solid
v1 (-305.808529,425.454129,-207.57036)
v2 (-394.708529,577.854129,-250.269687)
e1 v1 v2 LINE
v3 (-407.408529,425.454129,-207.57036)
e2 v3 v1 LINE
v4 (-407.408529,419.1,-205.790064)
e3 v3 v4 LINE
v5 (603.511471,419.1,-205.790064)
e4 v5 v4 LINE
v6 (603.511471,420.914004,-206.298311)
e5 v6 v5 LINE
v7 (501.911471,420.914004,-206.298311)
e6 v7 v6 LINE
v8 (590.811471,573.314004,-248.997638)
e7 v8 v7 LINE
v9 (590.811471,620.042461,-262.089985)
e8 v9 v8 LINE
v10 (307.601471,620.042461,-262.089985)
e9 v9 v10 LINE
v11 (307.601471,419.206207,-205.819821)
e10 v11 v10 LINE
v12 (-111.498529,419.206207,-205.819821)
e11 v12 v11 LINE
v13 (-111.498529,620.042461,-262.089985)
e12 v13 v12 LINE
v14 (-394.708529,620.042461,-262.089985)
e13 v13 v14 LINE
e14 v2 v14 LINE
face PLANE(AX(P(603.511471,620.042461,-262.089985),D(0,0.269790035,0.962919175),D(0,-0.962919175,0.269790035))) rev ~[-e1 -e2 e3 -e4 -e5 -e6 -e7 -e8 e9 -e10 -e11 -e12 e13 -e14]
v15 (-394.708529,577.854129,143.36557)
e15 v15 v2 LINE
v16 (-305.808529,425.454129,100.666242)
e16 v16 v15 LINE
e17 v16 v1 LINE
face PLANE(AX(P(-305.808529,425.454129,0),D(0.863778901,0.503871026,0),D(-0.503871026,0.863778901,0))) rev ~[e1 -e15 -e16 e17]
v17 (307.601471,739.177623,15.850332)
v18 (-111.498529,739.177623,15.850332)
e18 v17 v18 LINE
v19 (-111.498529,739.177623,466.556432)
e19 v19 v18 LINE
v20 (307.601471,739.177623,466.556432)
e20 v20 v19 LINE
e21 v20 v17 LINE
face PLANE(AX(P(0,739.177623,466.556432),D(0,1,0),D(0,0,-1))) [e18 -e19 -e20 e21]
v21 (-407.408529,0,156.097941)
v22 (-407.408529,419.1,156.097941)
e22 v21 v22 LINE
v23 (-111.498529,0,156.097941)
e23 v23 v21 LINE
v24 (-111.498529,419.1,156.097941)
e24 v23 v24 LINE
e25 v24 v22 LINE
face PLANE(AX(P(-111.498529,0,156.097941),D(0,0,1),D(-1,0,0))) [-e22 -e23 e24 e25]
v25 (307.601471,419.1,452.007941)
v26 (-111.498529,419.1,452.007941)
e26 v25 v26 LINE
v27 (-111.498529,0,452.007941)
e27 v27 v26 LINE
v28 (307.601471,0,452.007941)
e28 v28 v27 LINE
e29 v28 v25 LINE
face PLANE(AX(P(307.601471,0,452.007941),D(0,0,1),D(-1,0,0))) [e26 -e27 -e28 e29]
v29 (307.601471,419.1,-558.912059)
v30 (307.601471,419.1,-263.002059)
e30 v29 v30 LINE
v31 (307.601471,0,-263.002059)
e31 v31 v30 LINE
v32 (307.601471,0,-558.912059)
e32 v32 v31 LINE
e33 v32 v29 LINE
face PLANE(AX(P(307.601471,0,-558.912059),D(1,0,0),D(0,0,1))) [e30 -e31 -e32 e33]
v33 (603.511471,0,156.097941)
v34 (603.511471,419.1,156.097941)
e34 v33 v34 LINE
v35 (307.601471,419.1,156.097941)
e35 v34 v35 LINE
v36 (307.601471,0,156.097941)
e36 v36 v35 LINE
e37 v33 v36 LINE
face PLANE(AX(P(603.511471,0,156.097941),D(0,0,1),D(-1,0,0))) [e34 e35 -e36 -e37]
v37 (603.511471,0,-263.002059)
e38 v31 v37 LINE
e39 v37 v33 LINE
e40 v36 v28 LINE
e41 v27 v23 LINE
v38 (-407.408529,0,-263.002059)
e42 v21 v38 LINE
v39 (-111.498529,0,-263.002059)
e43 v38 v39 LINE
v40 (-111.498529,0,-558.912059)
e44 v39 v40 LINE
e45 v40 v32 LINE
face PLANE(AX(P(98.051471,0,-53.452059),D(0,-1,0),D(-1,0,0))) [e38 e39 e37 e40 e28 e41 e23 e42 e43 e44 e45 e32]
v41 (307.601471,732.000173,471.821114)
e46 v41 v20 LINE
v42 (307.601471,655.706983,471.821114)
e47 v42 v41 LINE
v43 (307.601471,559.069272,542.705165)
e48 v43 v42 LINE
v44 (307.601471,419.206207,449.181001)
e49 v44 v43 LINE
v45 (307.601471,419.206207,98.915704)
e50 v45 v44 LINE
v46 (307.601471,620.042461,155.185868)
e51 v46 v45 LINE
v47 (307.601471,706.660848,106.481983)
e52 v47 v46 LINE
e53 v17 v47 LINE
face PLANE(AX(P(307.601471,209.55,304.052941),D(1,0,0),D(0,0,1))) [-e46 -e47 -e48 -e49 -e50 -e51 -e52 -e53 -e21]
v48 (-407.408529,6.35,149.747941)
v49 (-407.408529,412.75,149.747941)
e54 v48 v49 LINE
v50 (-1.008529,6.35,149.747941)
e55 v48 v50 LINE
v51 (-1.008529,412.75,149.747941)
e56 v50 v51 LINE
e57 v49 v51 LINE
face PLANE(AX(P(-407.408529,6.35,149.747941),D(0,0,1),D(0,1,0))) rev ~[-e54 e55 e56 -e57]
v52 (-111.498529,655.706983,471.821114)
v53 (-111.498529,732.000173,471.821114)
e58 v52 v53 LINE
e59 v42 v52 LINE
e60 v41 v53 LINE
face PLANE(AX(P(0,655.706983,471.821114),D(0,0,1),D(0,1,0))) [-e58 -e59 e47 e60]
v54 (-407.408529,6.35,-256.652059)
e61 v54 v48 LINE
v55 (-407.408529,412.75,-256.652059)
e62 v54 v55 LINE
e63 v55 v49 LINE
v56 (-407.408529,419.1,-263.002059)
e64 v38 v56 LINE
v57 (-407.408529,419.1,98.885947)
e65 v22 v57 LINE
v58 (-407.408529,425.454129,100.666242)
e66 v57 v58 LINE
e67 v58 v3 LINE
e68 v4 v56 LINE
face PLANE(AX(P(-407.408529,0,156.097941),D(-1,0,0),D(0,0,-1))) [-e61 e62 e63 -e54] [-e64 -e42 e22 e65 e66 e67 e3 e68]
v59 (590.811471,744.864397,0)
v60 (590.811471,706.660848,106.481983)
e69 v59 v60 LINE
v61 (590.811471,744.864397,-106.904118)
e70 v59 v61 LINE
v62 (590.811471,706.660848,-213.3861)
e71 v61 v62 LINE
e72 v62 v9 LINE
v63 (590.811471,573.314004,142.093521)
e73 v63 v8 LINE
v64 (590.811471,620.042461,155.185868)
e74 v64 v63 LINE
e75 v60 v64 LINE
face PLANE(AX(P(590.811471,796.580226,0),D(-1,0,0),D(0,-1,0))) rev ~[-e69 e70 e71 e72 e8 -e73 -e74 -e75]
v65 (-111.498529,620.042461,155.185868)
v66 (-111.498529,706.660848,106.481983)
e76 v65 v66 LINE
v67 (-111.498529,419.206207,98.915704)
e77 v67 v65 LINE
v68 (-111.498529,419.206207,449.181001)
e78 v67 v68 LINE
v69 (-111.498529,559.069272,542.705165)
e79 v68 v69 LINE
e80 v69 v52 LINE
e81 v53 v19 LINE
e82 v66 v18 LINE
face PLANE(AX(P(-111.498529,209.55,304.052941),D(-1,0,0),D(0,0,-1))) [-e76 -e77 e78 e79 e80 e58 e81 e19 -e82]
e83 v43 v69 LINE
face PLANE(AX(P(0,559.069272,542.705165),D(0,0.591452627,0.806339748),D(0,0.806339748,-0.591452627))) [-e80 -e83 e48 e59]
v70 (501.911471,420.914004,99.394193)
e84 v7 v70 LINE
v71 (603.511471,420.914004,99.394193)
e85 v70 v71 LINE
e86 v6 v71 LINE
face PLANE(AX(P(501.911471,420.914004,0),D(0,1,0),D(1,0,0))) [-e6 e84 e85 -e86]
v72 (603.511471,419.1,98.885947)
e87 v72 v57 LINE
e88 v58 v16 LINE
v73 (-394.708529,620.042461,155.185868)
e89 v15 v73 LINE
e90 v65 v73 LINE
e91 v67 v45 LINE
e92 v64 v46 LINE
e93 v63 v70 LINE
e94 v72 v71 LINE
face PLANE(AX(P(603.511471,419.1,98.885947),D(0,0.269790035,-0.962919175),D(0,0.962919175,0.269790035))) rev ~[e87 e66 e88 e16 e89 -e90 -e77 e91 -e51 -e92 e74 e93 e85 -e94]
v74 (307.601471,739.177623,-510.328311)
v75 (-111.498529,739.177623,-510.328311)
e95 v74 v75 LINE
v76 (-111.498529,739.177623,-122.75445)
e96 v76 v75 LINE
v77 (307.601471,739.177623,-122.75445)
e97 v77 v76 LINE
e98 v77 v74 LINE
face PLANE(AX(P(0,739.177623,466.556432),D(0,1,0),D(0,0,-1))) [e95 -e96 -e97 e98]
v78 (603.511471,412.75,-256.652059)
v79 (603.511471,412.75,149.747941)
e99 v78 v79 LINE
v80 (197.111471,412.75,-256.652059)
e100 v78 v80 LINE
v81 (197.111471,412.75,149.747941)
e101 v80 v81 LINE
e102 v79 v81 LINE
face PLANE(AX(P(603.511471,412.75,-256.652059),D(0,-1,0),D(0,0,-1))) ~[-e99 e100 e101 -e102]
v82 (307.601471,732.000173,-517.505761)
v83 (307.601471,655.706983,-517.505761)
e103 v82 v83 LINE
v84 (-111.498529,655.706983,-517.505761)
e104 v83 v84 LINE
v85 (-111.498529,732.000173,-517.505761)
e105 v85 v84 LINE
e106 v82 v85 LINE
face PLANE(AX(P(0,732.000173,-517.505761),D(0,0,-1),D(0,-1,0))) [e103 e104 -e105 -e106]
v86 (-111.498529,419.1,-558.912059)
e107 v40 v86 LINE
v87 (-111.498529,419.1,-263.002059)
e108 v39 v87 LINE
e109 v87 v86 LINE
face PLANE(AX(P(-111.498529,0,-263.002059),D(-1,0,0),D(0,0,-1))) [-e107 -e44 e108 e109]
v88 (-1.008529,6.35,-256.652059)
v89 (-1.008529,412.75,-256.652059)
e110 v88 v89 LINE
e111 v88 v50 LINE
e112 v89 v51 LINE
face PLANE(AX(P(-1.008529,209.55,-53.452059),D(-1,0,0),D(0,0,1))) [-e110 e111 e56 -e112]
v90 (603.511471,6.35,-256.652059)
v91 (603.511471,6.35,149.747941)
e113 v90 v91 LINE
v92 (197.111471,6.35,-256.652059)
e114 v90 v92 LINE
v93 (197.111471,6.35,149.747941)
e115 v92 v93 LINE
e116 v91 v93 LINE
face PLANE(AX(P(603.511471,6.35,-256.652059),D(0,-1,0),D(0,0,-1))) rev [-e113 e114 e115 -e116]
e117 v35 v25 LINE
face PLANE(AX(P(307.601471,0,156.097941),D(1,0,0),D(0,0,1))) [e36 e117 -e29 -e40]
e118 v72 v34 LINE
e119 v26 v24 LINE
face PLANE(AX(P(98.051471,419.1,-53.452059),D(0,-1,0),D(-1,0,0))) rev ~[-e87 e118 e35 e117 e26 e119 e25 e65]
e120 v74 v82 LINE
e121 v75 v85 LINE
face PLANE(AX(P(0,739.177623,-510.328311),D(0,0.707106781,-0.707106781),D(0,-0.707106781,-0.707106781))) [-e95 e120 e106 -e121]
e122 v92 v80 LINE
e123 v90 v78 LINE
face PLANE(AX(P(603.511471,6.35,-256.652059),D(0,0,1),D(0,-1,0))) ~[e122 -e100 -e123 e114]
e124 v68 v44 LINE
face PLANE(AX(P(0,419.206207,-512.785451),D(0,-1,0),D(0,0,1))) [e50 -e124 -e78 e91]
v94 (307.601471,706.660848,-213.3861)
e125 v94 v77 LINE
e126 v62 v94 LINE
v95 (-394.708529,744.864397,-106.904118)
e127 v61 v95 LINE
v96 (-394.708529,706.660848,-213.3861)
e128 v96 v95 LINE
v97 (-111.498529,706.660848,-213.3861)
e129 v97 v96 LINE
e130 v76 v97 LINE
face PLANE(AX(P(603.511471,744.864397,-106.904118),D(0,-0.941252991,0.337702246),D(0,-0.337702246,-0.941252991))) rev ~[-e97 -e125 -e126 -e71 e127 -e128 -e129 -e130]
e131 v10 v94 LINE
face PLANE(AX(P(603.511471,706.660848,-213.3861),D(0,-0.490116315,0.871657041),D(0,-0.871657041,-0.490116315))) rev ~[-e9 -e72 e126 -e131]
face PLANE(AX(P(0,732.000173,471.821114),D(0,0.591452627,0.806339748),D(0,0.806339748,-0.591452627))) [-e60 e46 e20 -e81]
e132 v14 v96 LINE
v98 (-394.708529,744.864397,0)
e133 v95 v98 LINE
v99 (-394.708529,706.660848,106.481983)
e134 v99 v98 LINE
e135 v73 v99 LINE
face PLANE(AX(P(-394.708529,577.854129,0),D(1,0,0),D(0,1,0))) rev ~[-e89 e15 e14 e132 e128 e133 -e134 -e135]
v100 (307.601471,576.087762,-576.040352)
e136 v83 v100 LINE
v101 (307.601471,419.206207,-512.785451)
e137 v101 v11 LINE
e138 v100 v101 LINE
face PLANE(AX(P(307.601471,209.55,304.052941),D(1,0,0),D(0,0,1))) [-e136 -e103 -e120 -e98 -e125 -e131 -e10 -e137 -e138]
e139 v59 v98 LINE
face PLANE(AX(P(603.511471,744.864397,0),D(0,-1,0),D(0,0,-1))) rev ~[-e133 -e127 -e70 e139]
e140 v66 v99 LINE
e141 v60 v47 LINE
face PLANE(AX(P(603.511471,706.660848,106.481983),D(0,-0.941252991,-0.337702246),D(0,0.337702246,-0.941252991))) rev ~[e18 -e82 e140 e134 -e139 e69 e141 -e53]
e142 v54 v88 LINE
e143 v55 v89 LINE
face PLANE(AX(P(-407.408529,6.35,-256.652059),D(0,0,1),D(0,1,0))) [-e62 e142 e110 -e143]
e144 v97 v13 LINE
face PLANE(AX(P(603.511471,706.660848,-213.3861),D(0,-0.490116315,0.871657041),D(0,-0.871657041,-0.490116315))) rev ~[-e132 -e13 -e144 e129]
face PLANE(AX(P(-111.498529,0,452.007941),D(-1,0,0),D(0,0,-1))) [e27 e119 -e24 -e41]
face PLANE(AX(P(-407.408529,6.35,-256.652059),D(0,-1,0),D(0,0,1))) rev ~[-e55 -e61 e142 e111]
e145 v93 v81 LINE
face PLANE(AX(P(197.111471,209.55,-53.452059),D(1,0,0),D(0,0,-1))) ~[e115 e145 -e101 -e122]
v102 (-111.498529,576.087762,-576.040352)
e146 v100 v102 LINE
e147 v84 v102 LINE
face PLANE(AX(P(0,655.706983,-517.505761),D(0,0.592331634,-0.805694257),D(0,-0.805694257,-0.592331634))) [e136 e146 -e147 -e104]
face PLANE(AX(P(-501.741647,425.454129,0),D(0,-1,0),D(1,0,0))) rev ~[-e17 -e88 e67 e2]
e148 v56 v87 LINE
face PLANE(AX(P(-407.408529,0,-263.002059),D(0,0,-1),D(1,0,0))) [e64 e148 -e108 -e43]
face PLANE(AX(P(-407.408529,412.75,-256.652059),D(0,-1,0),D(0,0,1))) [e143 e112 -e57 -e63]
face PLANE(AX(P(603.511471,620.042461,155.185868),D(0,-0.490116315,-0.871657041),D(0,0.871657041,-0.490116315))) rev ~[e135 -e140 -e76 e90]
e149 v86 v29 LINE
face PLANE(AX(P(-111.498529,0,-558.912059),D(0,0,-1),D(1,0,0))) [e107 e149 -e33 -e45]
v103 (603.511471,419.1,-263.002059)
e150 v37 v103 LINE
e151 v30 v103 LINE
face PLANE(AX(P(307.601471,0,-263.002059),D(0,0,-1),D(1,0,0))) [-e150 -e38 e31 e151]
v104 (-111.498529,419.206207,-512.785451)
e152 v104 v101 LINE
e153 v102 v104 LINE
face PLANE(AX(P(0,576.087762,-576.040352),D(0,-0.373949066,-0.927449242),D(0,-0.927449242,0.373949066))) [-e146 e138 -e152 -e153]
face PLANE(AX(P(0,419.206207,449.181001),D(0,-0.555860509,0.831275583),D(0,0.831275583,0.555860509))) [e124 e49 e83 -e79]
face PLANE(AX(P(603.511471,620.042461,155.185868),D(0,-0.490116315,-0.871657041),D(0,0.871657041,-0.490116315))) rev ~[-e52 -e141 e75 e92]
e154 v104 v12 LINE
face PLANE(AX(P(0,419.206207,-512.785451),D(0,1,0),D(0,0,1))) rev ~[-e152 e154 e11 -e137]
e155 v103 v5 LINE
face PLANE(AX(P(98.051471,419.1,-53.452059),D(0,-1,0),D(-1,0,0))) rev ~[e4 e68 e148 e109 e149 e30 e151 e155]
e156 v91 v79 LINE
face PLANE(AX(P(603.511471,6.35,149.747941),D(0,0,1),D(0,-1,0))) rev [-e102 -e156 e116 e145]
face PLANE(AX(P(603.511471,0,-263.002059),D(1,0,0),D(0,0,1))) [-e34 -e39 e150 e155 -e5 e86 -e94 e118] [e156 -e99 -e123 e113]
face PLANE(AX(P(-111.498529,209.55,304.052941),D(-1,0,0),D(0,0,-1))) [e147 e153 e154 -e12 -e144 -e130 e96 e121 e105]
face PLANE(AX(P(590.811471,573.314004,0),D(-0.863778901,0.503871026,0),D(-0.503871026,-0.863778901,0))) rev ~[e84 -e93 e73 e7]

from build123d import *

# Parameters (mm, degrees)
BOSS_EXTRUDE1_DEPTH             = 419.1
SKETCH2_W                       = 406.4
SKETCH2_H                       = 406.4
CUT_EXTRUDE1_DEPTH              = 406.4
BOSS_EXTRUDE2_START             = -505.46
BOSS_EXTRUDE2_DEPTH             = 1010.92
CUT_EXTRUDE2_DEPTH              = 453.007941176
CUT_EXTRUDE2_DEPTH_BACK         = 559.912058824
BOSS_EXTRUDE3_REACH             = 409.409
BOSS_EXTRUDE3_DIRECTION_2_REACH = 605.511


with BuildPart() as part:
    # Sketch1 → Boss-Extrude1 (new body)
    with BuildSketch(Plane(origin=(0, 0, 0), x_dir=(1, 0, 0), z_dir=(0, 1, 0))):
        Polygon((-111.498529412, 263.002058824), (-111.498529412, 558.912058824), (307.601470588, 558.912058824), (307.601470588, 263.002058824), (603.511470588, 263.002058824), (603.511470588, -156.097941176), (307.601470588, -156.097941176), (307.601470588, -452.007941176), (-111.498529412, -452.007941176), (-111.498529412, -156.097941176), (-407.408529412, -156.097941176), (-407.408529412, 263.002058824), align=None)
    extrude(amount=BOSS_EXTRUDE1_DEPTH)

    # Sketch2 → Cut-Extrude1 (cut)
    with BuildSketch(Plane.ZY.offset(407.408529412)):
        with Locations((-53.452058824, 209.55)):
            Rectangle(SKETCH2_W, SKETCH2_H)
    cut_extrude1 = extrude(amount=-CUT_EXTRUDE1_DEPTH, mode=Mode.SUBTRACT)

    # Mirror1: Cut-Extrude1 across plane
    add(cut_extrude1.mirror(Plane.ZY.offset(-98.051470588)), mode=Mode.SUBTRACT)

    # Sketch3 → Boss-Extrude2 (add)
    with BuildSketch(Plane.ZY.offset(-98.051470588).offset(BOSS_EXTRUDE2_START)):
        Polygon((-205.790064307, 419.1), (98.88594666, 419.1), (155.185867753, 620.042461281), (106.481982696, 706.660847592), (0, 744.864396526), (-106.904117647, 744.864396526), (-213.386100343, 706.660847592), (-262.0899854, 620.042461281), align=None)
    extrude(amount=BOSS_EXTRUDE2_DEPTH)

    # Sketch4 → Cut-Extrude2 (cut, two sides)
    with BuildSketch(Plane.XY) as cut_extrude2_sk:
        Polygon((-305.808529412, 425.454129149), (-394.708529412, 577.854129149), (-394.708529412, 796.580225866), (590.811470588, 796.580225866), (590.811470588, 573.314003685), (501.911470588, 420.914003685), (647.189097077, 420.914003685), (647.189097077, 885.635632277), (-516.891145843, 876.882773083), (-501.7416469, 425.454129149), align=None)
    extrude(amount=CUT_EXTRUDE2_DEPTH, mode=Mode.SUBTRACT)
    extrude(cut_extrude2_sk.sketch, amount=-CUT_EXTRUDE2_DEPTH_BACK, mode=Mode.SUBTRACT)

    # Boss-Extrude3: up to this face of the body (flat: up to its plane)
    boss_extrude3_end = Plane(part.part.faces().sort_by_distance((-111.498529412, 209.55, 304.052941176))[0])
    # Sketch5 → Boss-Extrude3 (add, up to the picked face)
    with BuildSketch(Plane(origin=(0, 0, 0), x_dir=(0, 0, -1), z_dir=(1, 0, 0)), mode=Mode.PRIVATE) as boss_extrude3_sk1:
        Polygon((-449.181000693, 419.206207419), (-542.705165158, 559.069271968), (-471.821113531, 655.706983405), (-471.821113531, 732.000172587), (-466.55643227, 739.177622759), (510.328311202, 739.177622759), (517.505761373, 732.000172587), (517.505761373, 655.706983405), (576.040352368, 576.087761543), (512.785450653, 419.206207419), align=None)
    boss_extrude3_tool1 = split(extrude(boss_extrude3_sk1.sketch, amount=-BOSS_EXTRUDE3_REACH, mode=Mode.PRIVATE), bisect_by=boss_extrude3_end, keep=Keep.BOTH, mode=Mode.PRIVATE)
    add(boss_extrude3_tool1.solids().sort_by_distance((0, 578.35257, -22.327279))[0])

    # Boss-Extrude3 direction 2: up to this face of the body (flat: up to its plane)
    boss_extrude3_direction_2_end = Plane(part.part.faces().sort_by_distance((307.601470588, 209.55, 304.052941176))[0])
    # Sketch5 → Boss-Extrude3 direction 2 (add, up to the picked face)
    with BuildSketch(Plane(origin=(0, 0, 0), x_dir=(0, 0, -1), z_dir=(1, 0, 0)), mode=Mode.PRIVATE) as boss_extrude3_direction_2_sk1:
        Polygon((-449.181000693, 419.206207419), (-542.705165158, 559.069271968), (-471.821113531, 655.706983405), (-471.821113531, 732.000172587), (-466.55643227, 739.177622759), (510.328311202, 739.177622759), (517.505761373, 732.000172587), (517.505761373, 655.706983405), (576.040352368, 576.087761543), (512.785450653, 419.206207419), align=None)
    boss_extrude3_direction_2_tool1 = split(extrude(boss_extrude3_direction_2_sk1.sketch, amount=BOSS_EXTRUDE3_DIRECTION_2_REACH, mode=Mode.PRIVATE), bisect_by=boss_extrude3_direction_2_end, keep=Keep.BOTH, mode=Mode.PRIVATE)
    add(boss_extrude3_direction_2_tool1.solids().sort_by_distance((0, 578.35257, -22.327279))[0])


solid = part.part
